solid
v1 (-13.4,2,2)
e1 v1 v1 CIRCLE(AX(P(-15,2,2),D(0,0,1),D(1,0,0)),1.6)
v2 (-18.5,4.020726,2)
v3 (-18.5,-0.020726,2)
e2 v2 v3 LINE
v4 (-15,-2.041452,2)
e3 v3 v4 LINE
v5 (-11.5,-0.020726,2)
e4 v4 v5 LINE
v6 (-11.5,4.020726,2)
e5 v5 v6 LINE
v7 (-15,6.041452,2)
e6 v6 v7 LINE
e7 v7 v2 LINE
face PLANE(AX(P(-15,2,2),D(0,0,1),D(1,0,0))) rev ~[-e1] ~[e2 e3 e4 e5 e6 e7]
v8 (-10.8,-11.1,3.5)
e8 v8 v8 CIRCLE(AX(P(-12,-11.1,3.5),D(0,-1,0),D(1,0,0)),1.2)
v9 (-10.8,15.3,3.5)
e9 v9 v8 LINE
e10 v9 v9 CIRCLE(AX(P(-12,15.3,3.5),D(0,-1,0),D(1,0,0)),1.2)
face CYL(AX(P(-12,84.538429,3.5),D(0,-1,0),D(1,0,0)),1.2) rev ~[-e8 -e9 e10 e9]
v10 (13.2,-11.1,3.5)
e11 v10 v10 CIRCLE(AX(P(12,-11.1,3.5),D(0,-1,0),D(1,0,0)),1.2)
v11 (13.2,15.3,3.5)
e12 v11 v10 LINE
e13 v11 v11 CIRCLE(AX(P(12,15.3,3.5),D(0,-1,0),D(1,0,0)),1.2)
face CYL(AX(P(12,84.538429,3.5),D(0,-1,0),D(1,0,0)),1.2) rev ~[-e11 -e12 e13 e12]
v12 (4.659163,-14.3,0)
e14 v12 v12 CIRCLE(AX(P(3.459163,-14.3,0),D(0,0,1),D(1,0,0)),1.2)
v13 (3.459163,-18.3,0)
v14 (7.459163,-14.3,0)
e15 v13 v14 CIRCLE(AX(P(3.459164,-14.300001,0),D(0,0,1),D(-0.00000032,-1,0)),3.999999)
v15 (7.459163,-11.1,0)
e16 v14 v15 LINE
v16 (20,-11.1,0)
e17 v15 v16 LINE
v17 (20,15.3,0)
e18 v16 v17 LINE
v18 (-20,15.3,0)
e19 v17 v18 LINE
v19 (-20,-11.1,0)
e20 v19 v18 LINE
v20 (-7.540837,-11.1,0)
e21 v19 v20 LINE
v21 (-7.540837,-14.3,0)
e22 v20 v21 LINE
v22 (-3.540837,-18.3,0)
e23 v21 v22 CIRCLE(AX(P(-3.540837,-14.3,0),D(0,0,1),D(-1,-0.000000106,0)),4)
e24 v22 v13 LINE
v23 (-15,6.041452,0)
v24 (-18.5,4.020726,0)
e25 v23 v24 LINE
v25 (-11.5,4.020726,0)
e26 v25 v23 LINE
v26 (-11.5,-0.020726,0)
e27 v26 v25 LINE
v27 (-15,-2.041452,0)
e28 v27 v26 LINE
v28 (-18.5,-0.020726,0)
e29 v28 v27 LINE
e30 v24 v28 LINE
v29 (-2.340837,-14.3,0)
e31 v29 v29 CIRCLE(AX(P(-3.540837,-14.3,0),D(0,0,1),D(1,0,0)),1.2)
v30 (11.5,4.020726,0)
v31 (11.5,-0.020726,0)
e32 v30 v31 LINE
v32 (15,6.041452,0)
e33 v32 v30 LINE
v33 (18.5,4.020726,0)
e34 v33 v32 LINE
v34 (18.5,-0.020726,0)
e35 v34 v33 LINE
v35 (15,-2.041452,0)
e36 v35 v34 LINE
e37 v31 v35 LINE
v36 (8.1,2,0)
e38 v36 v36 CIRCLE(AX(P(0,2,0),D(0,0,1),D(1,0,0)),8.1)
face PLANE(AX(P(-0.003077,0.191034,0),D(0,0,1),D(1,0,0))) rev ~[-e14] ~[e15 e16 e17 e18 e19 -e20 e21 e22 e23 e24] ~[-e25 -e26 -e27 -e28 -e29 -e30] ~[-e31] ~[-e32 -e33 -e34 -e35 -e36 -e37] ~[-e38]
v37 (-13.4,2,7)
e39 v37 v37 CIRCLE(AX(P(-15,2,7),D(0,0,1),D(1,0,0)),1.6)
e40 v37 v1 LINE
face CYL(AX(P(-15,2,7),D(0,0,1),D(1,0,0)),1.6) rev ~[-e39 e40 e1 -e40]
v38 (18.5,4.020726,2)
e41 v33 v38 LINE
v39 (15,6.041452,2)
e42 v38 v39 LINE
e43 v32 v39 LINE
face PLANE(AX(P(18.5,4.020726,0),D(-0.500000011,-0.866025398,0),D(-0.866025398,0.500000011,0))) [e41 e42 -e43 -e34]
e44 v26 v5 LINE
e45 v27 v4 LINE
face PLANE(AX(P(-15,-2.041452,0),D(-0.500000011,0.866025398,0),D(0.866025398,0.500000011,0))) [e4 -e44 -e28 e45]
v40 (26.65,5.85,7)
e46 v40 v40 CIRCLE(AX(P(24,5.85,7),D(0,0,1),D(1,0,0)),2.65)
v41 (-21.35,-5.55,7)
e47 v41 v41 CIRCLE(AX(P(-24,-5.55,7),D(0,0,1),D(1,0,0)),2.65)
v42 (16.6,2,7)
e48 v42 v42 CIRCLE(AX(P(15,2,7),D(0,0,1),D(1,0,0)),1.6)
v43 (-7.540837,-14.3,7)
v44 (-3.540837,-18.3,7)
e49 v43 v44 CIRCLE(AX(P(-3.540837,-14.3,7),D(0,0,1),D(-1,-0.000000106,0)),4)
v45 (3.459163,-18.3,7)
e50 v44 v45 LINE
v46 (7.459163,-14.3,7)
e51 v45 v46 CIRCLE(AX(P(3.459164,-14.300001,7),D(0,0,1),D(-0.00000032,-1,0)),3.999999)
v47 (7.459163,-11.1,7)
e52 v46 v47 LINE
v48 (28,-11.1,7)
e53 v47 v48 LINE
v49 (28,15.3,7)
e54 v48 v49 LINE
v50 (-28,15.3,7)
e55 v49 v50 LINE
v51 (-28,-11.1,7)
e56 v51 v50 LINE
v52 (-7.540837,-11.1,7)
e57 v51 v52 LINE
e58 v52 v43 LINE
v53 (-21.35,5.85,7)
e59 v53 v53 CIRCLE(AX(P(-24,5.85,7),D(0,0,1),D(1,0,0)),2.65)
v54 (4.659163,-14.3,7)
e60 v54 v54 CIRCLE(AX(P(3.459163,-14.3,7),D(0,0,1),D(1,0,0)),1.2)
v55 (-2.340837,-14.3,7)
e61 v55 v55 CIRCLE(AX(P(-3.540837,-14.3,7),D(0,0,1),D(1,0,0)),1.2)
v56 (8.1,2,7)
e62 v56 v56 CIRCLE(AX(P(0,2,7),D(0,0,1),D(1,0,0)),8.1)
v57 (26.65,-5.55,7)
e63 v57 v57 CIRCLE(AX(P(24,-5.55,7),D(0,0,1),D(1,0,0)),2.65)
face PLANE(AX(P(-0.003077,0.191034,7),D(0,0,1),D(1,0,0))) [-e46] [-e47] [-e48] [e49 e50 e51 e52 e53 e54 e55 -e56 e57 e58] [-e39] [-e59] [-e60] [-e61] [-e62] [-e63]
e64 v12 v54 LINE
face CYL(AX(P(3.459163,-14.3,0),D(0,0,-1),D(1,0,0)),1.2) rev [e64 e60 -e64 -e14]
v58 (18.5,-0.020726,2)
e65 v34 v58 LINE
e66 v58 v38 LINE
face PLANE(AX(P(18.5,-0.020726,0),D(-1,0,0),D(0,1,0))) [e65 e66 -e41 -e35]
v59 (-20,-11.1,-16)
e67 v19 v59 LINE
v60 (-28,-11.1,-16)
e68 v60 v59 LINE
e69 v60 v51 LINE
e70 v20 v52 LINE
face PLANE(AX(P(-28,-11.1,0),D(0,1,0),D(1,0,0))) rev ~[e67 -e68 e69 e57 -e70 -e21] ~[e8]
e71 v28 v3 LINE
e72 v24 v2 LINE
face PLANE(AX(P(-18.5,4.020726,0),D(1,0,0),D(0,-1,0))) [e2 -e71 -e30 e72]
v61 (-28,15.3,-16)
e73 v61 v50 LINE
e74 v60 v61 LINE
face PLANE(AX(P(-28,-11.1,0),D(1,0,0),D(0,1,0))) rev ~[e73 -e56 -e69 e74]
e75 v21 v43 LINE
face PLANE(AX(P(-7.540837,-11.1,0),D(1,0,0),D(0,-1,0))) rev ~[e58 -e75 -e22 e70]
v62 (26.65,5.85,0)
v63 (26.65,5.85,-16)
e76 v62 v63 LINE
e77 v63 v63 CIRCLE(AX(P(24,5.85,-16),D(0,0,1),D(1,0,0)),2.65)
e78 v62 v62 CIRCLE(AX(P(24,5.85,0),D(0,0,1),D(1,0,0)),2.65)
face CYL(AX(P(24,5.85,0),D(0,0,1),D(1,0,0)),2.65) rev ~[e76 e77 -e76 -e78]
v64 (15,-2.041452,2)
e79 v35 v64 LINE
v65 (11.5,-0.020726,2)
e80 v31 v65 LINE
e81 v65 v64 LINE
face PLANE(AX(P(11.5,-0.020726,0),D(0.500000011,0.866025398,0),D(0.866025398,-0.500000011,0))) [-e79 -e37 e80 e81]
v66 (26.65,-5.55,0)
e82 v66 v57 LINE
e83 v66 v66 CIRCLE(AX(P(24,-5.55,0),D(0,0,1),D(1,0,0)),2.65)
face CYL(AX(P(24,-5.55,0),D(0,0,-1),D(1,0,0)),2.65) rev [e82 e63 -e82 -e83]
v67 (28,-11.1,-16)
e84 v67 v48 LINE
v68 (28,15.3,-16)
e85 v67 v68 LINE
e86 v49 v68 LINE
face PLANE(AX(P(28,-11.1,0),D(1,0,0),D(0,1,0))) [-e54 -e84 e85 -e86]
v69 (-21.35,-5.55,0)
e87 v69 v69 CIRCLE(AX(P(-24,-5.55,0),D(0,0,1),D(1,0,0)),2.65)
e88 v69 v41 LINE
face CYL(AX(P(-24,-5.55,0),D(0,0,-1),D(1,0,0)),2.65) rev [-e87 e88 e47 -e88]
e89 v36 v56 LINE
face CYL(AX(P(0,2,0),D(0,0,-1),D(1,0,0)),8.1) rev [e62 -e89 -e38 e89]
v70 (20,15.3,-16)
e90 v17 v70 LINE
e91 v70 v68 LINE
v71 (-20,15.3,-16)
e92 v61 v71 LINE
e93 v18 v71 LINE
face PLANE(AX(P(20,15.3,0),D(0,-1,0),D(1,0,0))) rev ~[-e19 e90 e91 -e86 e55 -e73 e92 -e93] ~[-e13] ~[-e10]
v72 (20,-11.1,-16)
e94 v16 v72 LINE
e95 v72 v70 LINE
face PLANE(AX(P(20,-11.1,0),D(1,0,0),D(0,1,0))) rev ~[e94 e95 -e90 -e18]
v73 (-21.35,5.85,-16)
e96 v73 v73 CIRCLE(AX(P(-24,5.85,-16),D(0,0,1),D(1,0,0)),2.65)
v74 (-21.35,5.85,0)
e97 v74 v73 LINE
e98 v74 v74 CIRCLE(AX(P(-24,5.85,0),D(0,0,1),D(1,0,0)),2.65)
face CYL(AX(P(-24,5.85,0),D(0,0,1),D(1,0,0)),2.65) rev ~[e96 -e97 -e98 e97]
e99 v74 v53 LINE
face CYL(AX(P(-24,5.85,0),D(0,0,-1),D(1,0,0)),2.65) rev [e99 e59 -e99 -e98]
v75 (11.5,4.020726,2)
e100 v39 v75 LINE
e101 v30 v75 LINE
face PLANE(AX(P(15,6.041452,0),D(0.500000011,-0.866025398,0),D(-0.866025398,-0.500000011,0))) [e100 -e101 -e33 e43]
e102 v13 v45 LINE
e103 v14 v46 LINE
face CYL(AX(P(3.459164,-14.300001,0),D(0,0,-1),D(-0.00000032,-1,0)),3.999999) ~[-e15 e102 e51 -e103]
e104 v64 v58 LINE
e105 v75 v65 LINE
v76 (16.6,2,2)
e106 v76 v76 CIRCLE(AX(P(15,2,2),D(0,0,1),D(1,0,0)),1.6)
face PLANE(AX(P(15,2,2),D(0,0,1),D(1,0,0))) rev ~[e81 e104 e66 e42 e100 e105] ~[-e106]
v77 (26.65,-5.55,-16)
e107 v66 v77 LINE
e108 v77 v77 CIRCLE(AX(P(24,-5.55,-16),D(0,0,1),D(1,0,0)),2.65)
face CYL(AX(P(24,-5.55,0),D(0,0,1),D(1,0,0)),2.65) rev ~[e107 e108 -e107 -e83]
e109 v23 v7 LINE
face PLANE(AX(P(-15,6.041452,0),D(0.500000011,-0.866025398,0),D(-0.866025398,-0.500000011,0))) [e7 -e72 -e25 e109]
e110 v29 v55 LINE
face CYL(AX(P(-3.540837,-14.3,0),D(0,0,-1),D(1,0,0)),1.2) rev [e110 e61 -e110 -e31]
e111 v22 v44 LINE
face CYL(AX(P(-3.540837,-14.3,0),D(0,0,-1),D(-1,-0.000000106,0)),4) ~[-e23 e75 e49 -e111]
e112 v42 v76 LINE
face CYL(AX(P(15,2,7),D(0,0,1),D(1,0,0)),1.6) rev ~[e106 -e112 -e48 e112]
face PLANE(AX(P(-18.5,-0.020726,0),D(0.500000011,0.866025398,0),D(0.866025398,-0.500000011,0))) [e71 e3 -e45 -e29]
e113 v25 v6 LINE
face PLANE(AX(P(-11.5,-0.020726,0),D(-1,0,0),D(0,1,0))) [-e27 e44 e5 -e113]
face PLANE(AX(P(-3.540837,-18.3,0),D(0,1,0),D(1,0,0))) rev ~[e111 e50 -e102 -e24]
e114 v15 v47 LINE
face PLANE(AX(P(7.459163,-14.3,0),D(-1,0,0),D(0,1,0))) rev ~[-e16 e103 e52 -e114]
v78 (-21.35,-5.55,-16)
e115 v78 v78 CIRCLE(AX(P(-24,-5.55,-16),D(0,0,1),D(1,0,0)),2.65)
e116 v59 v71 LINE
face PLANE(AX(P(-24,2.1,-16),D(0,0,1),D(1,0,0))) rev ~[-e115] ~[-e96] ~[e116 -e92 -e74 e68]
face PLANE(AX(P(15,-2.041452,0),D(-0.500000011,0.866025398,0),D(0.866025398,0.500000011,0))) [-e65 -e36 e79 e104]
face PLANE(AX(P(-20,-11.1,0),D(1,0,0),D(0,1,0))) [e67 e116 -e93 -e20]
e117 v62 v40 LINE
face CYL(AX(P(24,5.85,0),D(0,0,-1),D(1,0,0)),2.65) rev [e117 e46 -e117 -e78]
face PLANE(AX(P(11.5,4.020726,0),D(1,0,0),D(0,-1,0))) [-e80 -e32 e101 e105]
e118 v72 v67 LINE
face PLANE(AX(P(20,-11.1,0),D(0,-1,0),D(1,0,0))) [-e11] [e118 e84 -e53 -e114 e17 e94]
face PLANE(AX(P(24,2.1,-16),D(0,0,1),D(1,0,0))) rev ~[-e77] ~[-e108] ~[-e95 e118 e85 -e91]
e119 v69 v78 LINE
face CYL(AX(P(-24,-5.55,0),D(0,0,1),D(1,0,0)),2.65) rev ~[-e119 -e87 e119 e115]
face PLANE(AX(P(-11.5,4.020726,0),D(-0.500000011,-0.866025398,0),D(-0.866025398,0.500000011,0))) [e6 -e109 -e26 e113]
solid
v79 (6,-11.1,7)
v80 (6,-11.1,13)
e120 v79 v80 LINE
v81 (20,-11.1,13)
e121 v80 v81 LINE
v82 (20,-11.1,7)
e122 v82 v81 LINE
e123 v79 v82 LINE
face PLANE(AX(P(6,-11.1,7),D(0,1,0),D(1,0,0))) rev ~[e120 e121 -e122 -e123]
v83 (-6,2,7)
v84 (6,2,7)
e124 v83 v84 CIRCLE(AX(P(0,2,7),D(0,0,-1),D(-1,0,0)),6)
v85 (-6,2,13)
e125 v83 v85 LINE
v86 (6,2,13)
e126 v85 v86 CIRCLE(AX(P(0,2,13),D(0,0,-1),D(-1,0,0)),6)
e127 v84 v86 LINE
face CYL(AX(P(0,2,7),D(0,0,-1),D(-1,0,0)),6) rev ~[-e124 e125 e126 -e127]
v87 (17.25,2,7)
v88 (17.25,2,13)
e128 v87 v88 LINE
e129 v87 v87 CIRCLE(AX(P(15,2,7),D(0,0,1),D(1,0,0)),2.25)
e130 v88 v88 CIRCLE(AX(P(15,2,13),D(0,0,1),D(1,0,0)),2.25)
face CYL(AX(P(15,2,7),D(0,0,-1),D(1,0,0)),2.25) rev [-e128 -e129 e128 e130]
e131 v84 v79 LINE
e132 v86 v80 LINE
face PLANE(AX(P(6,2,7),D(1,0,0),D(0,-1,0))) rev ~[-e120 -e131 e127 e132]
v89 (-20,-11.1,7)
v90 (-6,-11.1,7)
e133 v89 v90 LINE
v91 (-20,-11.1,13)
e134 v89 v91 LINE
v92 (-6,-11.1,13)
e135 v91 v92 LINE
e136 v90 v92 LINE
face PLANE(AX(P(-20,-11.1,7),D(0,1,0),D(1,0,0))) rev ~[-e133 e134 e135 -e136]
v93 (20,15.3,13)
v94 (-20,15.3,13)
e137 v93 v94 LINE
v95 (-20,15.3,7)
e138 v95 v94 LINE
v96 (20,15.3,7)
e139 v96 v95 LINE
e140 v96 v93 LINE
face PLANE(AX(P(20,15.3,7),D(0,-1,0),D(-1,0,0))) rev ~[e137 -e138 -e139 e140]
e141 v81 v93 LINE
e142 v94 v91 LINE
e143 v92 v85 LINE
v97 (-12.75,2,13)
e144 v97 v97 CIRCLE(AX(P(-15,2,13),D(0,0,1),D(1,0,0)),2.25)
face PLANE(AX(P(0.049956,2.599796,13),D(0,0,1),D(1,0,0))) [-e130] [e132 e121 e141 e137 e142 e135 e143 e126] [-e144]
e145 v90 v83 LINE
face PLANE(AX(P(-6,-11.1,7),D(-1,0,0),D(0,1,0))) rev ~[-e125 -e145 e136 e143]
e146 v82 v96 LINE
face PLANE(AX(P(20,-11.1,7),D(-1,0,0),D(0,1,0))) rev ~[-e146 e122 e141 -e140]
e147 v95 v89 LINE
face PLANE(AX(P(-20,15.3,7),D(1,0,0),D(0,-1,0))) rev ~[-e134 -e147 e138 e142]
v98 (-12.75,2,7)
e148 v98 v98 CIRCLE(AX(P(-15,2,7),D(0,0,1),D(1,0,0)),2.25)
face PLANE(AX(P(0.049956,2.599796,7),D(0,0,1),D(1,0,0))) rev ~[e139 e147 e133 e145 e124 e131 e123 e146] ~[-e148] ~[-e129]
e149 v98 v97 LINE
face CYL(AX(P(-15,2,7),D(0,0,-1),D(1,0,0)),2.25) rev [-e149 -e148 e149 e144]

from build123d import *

# Parameters (mm, degrees)
F0_R     = 1.2
F0_R_2   = 8.1
F0_W     = 8
F0_H     = 26.4
F0_R_3   = 2.65
F1_DEPTH = 7
F2_DEPTH = 16
F4_D     = 2.4
F5_R     = 1.6
F6_DEPTH = 25
F8_DEPTH = 2
F5_R_2   = 2.25
F9_DEPTH = 6


with BuildPart() as f1:
    # F0 (on Top) → F1 (new body)
    with BuildSketch(Plane.XY):
        with BuildLine():
            Line((20, 15.3), (-20, 15.3))
            Line((-20, 15.3), (-20, -11.1))
            Line((-20, -11.1), (-7.540837, -11.1))
            Line((-7.540837, -11.1), (-7.540837, -14.3))
            ThreePointArc((-7.540837, -14.3), (-6.369264, -17.128427), (-3.540837, -18.3))
            Line((-3.540837, -18.3), (3.459163, -18.3))
            ThreePointArc((3.459163, -18.3), (6.287591, -17.128427), (7.459163, -14.3))
            Line((7.459163, -14.3), (7.459163, -11.1))
            Line((7.459163, -11.1), (20, -11.1))
            Line((20, -11.1), (20, 15.3))
        make_face()
        with Locations((-3.540837, -14.3)):
            Circle(F0_R, mode=Mode.SUBTRACT)
        with Locations((3.459163, -14.3)):
            Circle(F0_R, mode=Mode.SUBTRACT)
        with Locations((0, 2)):
            Circle(F0_R_2, mode=Mode.SUBTRACT)
        with Locations((-24, 2.1)):
            Rectangle(F0_W, F0_H)
        with Locations((-24, -5.55)):
            Circle(F0_R_3, mode=Mode.SUBTRACT)
        with Locations((-24, 5.85)):
            Circle(F0_R_3, mode=Mode.SUBTRACT)
        with Locations((24, 2.1)):
            Rectangle(F0_W, F0_H)
        with Locations((24, -5.55)):
            Circle(F0_R_3, mode=Mode.SUBTRACT)
        with Locations((24, 5.85)):
            Circle(F0_R_3, mode=Mode.SUBTRACT)
    extrude(amount=F1_DEPTH)

    # F0 (on Top) → F2 (join)
    with BuildSketch(Plane.XY):
        with Locations((24, 2.1)):
            Rectangle(F0_W, F0_H)
        with Locations((24, -5.55)):
            Circle(F0_R_3, mode=Mode.SUBTRACT)
        with Locations((24, 5.85)):
            Circle(F0_R_3, mode=Mode.SUBTRACT)
        with Locations((-24, 2.1)):
            Rectangle(F0_W, F0_H)
        with Locations((-24, -5.55)):
            Circle(F0_R_3, mode=Mode.SUBTRACT)
        with Locations((-24, 5.85)):
            Circle(F0_R_3, mode=Mode.SUBTRACT)
    extrude(amount=-F2_DEPTH)

    # F4 (through all)
    with Locations(Plane(origin=(0, 15.3, 0), x_dir=(-1, 0, 0), z_dir=(0, 1, 0))):
        with Locations((-12, 3.5), (12, 3.5)):
            Hole(F4_D / 2)

    # F5 (on face) → F6 (cut)
    with BuildSketch(Plane.XY.offset(7)):
        with Locations((15, 2)):
            Circle(F5_R)
        with Locations((-15, 2)):
            Circle(F5_R)
    extrude(amount=-F6_DEPTH, mode=Mode.SUBTRACT)

    # F7 (on face) → F8 (cut)
    with BuildSketch(Plane.XY):
        Polygon((-11.5, -0.020726), (-11.5, 4.020726), (-15, 6.041452), (-18.5, 4.020726), (-18.5, -0.020726), (-15, -2.041452), align=None)
        Polygon((11.5, 4.020726), (11.5, -0.020726), (15, -2.041452), (18.5, -0.020726), (18.5, 4.020726), (15, 6.041452), align=None)
    extrude(amount=F8_DEPTH, mode=Mode.SUBTRACT)


with BuildPart() as f9:
    # F5 (on face) → F9 (new body)
    with BuildSketch(Plane.XY.offset(7)):
        with BuildLine():
            ThreePointArc((8.1, 2), (7.556785, -0.916333), (6, -3.441507))
            Line((6, -3.441507), (6, -11.1))
            Line((6, -11.1), (7.459163, -11.1))
            Line((7.459163, -11.1), (20, -11.1))
            Line((20, -11.1), (20, 15.3))
            Line((20, 15.3), (-20, 15.3))
            Line((-20, 15.3), (-20, -11.1))
            Line((-20, -11.1), (-7.540837, -11.1))
            Line((-7.540837, -11.1), (-6, -11.1))
            Line((-6, -11.1), (-6, -3.441507))
            ThreePointArc((-6, -3.441507), (-2.916333, 9.556785), (8.1, 2))
        make_face()
        with Locations((-15, 2)):
            Circle(F5_R_2, mode=Mode.SUBTRACT)
        with Locations((15, 2)):
            Circle(F5_R_2, mode=Mode.SUBTRACT)
        with BuildLine():
            ThreePointArc((-6, 2), (0, 8), (6, 2))
            Line((6, 2), (6, -3.441507))
            ThreePointArc((6, -3.441507), (7.556785, -0.916333), (8.1, 2))
            ThreePointArc((8.1, 2), (-2.916333, 9.556785), (-6, -3.441507))
            Line((-6, -3.441507), (-6, 2))
        make_face()
    extrude(amount=F9_DEPTH)


solid = Compound([f1.part, f9.part])
